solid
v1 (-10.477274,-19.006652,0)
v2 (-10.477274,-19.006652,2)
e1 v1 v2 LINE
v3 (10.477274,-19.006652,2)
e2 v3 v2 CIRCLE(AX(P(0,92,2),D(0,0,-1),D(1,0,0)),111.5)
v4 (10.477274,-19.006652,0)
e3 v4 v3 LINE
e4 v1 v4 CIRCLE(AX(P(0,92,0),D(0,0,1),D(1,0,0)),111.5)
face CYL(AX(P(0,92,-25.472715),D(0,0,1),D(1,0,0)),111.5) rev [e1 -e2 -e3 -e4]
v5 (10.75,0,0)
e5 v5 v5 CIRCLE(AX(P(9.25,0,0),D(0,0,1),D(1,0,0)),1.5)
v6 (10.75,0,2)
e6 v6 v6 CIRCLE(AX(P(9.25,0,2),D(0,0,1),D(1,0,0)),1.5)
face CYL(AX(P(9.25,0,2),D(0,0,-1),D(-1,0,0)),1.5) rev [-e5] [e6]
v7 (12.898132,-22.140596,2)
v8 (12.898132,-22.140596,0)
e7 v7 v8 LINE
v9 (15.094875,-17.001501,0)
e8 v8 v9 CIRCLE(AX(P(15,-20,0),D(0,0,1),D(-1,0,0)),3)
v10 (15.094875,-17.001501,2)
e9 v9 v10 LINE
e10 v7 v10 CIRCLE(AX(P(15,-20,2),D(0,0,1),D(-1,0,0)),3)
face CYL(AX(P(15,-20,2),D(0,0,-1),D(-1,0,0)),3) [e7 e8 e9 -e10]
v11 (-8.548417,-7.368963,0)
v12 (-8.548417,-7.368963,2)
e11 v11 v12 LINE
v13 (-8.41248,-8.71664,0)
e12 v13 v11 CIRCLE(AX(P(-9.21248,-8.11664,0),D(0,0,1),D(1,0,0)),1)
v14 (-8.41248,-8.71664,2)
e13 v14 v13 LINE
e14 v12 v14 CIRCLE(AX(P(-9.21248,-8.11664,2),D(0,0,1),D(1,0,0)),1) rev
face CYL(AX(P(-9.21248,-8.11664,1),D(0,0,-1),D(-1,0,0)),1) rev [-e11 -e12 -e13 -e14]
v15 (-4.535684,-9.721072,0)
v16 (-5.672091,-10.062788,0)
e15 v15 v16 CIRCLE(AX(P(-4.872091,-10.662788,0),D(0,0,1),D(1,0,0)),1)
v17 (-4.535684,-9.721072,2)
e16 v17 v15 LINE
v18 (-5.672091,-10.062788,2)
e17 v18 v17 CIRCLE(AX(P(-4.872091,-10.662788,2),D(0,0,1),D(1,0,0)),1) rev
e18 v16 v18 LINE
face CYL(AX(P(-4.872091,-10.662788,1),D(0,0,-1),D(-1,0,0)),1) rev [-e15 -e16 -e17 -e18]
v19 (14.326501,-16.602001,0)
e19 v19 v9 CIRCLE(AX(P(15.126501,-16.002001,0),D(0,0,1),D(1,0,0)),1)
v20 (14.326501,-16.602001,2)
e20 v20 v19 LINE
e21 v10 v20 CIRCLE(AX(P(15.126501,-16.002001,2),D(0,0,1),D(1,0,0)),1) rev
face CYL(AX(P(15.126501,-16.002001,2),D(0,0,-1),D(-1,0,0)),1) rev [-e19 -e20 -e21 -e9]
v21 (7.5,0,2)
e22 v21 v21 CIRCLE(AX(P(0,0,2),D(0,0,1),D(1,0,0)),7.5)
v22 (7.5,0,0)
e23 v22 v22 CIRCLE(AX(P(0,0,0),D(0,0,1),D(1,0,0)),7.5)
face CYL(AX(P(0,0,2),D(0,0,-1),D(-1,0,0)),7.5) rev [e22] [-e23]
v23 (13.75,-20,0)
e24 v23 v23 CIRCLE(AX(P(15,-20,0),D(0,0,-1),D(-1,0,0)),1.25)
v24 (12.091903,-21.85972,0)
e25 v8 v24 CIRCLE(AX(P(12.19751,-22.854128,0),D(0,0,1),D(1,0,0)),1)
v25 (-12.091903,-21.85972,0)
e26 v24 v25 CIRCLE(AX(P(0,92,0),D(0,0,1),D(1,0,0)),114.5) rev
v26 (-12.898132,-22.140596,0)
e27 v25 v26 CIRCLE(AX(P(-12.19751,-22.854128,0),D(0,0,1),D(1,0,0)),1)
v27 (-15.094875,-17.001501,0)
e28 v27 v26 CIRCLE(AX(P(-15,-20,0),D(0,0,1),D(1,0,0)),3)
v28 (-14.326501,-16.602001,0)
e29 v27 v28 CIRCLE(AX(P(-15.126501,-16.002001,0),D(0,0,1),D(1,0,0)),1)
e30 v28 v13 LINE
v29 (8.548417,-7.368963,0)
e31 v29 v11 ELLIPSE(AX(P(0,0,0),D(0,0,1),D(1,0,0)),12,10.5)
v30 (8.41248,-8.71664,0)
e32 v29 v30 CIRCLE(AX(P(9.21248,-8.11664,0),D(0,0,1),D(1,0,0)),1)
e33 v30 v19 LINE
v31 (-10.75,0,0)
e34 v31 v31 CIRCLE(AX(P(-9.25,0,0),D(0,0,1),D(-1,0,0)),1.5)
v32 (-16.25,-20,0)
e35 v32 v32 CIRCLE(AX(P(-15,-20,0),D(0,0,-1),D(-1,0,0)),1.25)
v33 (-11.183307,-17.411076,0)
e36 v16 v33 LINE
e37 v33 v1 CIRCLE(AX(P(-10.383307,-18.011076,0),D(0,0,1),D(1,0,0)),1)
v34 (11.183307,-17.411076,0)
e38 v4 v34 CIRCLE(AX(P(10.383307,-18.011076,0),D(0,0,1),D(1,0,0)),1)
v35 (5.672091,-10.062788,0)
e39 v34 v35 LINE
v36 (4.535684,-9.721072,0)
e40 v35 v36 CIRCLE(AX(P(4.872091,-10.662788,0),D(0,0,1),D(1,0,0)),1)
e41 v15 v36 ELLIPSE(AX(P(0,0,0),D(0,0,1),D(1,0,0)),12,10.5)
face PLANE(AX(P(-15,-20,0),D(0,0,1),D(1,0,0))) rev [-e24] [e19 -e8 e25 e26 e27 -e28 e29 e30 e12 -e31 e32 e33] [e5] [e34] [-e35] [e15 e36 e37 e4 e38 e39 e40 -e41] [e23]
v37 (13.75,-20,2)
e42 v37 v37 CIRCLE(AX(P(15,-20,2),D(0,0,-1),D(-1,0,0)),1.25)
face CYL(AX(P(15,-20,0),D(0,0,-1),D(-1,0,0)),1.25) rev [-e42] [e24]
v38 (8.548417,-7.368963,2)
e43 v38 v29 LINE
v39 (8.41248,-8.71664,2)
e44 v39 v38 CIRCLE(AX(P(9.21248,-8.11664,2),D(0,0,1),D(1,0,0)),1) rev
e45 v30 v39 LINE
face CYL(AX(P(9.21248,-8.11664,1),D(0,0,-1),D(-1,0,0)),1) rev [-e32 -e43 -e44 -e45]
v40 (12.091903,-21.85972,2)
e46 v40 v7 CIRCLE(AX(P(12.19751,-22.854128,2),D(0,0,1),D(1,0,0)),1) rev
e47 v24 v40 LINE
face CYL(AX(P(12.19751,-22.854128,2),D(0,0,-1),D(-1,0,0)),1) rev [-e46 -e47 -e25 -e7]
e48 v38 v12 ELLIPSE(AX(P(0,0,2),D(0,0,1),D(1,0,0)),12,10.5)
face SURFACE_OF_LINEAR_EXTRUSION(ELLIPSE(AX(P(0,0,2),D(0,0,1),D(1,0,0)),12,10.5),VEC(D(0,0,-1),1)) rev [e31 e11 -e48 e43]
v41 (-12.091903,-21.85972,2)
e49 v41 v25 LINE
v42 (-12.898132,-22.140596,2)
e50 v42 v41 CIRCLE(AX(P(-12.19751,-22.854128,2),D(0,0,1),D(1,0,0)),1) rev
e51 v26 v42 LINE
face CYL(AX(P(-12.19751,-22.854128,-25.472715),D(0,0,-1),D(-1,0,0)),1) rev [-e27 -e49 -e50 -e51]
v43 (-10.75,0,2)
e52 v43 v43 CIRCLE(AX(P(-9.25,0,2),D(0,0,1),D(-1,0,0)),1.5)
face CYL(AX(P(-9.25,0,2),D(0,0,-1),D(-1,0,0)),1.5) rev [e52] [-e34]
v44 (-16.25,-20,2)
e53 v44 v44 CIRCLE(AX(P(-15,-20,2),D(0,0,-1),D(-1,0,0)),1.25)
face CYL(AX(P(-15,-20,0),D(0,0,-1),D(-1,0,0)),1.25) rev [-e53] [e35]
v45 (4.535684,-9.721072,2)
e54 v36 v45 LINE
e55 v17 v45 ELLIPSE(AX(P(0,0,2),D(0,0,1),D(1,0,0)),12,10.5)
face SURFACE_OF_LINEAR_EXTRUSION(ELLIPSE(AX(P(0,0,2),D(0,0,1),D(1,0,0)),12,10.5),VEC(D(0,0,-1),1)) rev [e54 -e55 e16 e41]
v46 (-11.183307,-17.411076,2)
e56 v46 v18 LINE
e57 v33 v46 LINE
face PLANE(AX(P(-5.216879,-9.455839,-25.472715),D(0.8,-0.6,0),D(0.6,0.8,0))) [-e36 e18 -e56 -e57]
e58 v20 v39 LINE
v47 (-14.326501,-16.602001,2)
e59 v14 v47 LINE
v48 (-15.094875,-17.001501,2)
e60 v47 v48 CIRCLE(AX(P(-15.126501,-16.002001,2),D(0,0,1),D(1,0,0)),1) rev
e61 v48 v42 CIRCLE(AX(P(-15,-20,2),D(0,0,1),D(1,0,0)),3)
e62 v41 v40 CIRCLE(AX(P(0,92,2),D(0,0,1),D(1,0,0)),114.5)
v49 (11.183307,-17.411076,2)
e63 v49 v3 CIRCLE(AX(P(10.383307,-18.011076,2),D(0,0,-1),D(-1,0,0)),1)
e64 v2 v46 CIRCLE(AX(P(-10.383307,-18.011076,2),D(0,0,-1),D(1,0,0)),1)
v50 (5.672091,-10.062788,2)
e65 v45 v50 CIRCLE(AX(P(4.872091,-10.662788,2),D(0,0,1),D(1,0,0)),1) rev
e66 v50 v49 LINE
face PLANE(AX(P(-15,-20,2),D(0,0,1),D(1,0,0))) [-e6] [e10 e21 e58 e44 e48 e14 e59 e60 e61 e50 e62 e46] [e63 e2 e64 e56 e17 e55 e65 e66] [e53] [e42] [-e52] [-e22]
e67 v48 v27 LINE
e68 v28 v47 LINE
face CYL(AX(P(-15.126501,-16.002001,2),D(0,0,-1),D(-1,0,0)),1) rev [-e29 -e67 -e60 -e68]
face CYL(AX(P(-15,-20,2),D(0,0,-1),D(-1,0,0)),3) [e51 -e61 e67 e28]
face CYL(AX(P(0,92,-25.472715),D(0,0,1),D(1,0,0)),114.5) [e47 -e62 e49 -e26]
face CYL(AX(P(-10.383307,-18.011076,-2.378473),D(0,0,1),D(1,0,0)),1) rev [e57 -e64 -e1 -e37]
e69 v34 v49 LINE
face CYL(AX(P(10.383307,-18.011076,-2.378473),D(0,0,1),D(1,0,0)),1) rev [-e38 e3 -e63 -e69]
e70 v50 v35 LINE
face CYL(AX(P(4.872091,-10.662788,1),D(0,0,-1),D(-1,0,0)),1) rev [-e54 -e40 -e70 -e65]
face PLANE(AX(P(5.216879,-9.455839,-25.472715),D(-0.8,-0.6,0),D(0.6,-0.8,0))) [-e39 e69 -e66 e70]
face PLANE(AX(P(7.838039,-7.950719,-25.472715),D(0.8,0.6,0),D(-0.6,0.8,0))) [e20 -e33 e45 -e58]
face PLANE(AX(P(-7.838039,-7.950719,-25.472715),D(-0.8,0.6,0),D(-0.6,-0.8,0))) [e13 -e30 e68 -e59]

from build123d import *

# Parameters (mm, degrees)
SKETCH_1_R         = 3
SKETCH_1_R_2       = 1
EXTRUDE_1_DEPTH    = 2
EXTRUDE_1_2_DEPTH  = 2
SKETCH_1_RX        = 12
SKETCH_1_RY        = 10.5
SKETCH_1_R_3       = 7.5
SKETCH_1_R_4       = 1.5
EXTRUDE_1_3_DEPTH  = 2
EXTRUDE_START      = -2
EXTRUDE_3_DEPTH    = 2
FILLET_3_R         = 1
EXTRUDE_4_DEPTH    = 2
HOLE_WIZARD_M3_1_D = 2.5


with BuildPart() as part:
    # ｽｹｯﾁ1 → ﾎﾞｽ - 押し出し1 (new body)
    with BuildSketch(Plane.XY):
        with Locations((-15, -20)):
            Circle(SKETCH_1_R)
        with Locations((-15, -20)):
            Circle(SKETCH_1_R_2, mode=Mode.SUBTRACT)
    extrude(amount=EXTRUDE_1_DEPTH)



with BuildPart() as body_2:
    # ｽｹｯﾁ1 → Extrude 1 2 (new body)
    with BuildSketch(Plane.XY):
        with Locations(Location((15, -20, 0), (0, 0, 180))):
            Circle(SKETCH_1_R)
        with Locations(Location((15, -20, 0), (0, 0, 180))):
            Circle(SKETCH_1_R_2, mode=Mode.SUBTRACT)
    extrude(amount=EXTRUDE_1_2_DEPTH)


with BuildPart() as body_3:
    # ｽｹｯﾁ1 → Extrude 1 3 (new body)
    with BuildSketch(Plane.XY):
        with Locations((0, 0)):
            Ellipse(SKETCH_1_RX, SKETCH_1_RY)
        Circle(SKETCH_1_R_3, mode=Mode.SUBTRACT)
        with Locations((9.25, 0)):
            Circle(SKETCH_1_R_4, mode=Mode.SUBTRACT)
        with Locations(Location((-9.25, 0, 0), (0, 0, 180))):
            Circle(SKETCH_1_R_4, mode=Mode.SUBTRACT)
    extrude(amount=EXTRUDE_1_3_DEPTH)


with BuildPart() as part_1:
    add(part.part)

    add(body_2.part)  # ﾎﾞｽ - 押し出し3 merges body 2

    add(body_3.part)  # ﾎﾞｽ - 押し出し3 merges body 3
    # ｽｹｯﾁ7 → ﾎﾞｽ - 押し出し3 (add)
    with BuildSketch(Plane.XY.offset(2).offset(EXTRUDE_START)):
        with BuildLine():
            Line((-7.838039348, -7.95071913), (-14.641154273, -17.021539031))
            ThreePointArc((-14.641154273, -17.021539031), (-13.2, -17.6), (-12.241154273, -18.821539031))
            Line((-12.241154273, -18.821539031), (-5.216878938, -9.455838584))
            add(Edge.make_bspline(
                [(-7.838039348, -7.95071913), (-6.640783086, -8.854377448), (-5.216878938, -9.455838584)],
                knots=[4.000625721, 4.000625721, 4.000625721, 4.262639533, 4.262639533, 4.262639533], degree=2, weights=[1, 0.991430862, 1]))
        make_face()
        with BuildLine():
            Line((5.216878938, -9.455838584), (12.241154273, -18.821539031))
            ThreePointArc((12.241154273, -18.821539031), (13.2, -17.6), (14.641154273, -17.021539031))
            Line((14.641154273, -17.021539031), (7.838039348, -7.95071913))
            add(Edge.make_bspline(
                [(5.216878938, -9.455838584), (6.640783086, -8.854377448), (7.838039348, -7.95071913)],
                knots=[2.020545775, 2.020545775, 2.020545775, 2.282559586, 2.282559586, 2.282559586], degree=2, weights=[1, 0.991430862, 1]))
        make_face()
        with BuildLine():
            ThreePointArc((-12.603200099, -21.804258915), (0, -22.5), (12.603200099, -21.804258915))
            ThreePointArc((12.603200099, -21.804258915), (12.022167048, -20.364020483), (12.239155559, -18.826229166))
            ThreePointArc((12.239155559, -18.826229166), (0, -19.5), (-12.239155559, -18.826229166))
            ThreePointArc((-12.239155559, -18.826229166), (-12.022167048, -20.364020483), (-12.603200099, -21.804258915))
        make_face()
    extrude(amount=EXTRUDE_3_DEPTH)

    # ﾌｨﾚｯﾄ3
    fillet_3_edges = [part_1.edges().sort_by_distance(p)[0] for p in [
        (-7.838039348, -7.95071913, 1),
        (7.838039348, -7.95071913, 1),
        (-14.641154273, -17.021539031, 1),
        (14.641154273, -17.021539031, 1),
        (12.603200099, -21.804258915, 1),
        (-12.603200099, -21.804258915, 1),
        (-5.216878938, -9.455838584, 1),
        (5.216878938, -9.455838584, 1),
    ]]
    fillet(fillet_3_edges, radius=FILLET_3_R)

    # ｽｹｯﾁ8 → ﾎﾞｽ - 押し出し4 (add)
    with BuildSketch(Plane.XY.offset(2).offset(EXTRUDE_START)):
        with BuildLine():
            Line((-12.241154273, -18.821539031), (-11.183307296, -17.411076395))
            ThreePointArc((-11.183307296, -17.411076395), (-11.297779405, -18.415725331), (-10.477273878, -19.006651747))
            ThreePointArc((-10.477273878, -19.006651747), (-11.358572959, -18.919938786), (-12.239155559, -18.826229166))
            ThreePointArc((-12.239155559, -18.826229166), (-12.24015392, -18.823883674), (-12.241154273, -18.821539031))
        make_face()
        with BuildLine():
            Line((12.241154273, -18.821539031), (11.183307296, -17.411076395))
            ThreePointArc((11.183307296, -17.411076395), (11.297779405, -18.415725331), (10.477273878, -19.006651747))
            ThreePointArc((10.477273878, -19.006651747), (11.358572959, -18.919938786), (12.239155559, -18.826229166))
            ThreePointArc((12.239155559, -18.826229166), (12.24015392, -18.823883674), (12.241154273, -18.821539031))
        make_face()
    extrude(amount=EXTRUDE_4_DEPTH)

    # M3 ねじ穴1 (through all)
    with Locations(Plane(origin=(0, 0, 0), x_dir=(-1, 0, 0), z_dir=(0, 0, -1))):
        with Locations((-15, -20), (15, -20)):
            Hole(HOLE_WIZARD_M3_1_D / 2)


solid = part_1.part
